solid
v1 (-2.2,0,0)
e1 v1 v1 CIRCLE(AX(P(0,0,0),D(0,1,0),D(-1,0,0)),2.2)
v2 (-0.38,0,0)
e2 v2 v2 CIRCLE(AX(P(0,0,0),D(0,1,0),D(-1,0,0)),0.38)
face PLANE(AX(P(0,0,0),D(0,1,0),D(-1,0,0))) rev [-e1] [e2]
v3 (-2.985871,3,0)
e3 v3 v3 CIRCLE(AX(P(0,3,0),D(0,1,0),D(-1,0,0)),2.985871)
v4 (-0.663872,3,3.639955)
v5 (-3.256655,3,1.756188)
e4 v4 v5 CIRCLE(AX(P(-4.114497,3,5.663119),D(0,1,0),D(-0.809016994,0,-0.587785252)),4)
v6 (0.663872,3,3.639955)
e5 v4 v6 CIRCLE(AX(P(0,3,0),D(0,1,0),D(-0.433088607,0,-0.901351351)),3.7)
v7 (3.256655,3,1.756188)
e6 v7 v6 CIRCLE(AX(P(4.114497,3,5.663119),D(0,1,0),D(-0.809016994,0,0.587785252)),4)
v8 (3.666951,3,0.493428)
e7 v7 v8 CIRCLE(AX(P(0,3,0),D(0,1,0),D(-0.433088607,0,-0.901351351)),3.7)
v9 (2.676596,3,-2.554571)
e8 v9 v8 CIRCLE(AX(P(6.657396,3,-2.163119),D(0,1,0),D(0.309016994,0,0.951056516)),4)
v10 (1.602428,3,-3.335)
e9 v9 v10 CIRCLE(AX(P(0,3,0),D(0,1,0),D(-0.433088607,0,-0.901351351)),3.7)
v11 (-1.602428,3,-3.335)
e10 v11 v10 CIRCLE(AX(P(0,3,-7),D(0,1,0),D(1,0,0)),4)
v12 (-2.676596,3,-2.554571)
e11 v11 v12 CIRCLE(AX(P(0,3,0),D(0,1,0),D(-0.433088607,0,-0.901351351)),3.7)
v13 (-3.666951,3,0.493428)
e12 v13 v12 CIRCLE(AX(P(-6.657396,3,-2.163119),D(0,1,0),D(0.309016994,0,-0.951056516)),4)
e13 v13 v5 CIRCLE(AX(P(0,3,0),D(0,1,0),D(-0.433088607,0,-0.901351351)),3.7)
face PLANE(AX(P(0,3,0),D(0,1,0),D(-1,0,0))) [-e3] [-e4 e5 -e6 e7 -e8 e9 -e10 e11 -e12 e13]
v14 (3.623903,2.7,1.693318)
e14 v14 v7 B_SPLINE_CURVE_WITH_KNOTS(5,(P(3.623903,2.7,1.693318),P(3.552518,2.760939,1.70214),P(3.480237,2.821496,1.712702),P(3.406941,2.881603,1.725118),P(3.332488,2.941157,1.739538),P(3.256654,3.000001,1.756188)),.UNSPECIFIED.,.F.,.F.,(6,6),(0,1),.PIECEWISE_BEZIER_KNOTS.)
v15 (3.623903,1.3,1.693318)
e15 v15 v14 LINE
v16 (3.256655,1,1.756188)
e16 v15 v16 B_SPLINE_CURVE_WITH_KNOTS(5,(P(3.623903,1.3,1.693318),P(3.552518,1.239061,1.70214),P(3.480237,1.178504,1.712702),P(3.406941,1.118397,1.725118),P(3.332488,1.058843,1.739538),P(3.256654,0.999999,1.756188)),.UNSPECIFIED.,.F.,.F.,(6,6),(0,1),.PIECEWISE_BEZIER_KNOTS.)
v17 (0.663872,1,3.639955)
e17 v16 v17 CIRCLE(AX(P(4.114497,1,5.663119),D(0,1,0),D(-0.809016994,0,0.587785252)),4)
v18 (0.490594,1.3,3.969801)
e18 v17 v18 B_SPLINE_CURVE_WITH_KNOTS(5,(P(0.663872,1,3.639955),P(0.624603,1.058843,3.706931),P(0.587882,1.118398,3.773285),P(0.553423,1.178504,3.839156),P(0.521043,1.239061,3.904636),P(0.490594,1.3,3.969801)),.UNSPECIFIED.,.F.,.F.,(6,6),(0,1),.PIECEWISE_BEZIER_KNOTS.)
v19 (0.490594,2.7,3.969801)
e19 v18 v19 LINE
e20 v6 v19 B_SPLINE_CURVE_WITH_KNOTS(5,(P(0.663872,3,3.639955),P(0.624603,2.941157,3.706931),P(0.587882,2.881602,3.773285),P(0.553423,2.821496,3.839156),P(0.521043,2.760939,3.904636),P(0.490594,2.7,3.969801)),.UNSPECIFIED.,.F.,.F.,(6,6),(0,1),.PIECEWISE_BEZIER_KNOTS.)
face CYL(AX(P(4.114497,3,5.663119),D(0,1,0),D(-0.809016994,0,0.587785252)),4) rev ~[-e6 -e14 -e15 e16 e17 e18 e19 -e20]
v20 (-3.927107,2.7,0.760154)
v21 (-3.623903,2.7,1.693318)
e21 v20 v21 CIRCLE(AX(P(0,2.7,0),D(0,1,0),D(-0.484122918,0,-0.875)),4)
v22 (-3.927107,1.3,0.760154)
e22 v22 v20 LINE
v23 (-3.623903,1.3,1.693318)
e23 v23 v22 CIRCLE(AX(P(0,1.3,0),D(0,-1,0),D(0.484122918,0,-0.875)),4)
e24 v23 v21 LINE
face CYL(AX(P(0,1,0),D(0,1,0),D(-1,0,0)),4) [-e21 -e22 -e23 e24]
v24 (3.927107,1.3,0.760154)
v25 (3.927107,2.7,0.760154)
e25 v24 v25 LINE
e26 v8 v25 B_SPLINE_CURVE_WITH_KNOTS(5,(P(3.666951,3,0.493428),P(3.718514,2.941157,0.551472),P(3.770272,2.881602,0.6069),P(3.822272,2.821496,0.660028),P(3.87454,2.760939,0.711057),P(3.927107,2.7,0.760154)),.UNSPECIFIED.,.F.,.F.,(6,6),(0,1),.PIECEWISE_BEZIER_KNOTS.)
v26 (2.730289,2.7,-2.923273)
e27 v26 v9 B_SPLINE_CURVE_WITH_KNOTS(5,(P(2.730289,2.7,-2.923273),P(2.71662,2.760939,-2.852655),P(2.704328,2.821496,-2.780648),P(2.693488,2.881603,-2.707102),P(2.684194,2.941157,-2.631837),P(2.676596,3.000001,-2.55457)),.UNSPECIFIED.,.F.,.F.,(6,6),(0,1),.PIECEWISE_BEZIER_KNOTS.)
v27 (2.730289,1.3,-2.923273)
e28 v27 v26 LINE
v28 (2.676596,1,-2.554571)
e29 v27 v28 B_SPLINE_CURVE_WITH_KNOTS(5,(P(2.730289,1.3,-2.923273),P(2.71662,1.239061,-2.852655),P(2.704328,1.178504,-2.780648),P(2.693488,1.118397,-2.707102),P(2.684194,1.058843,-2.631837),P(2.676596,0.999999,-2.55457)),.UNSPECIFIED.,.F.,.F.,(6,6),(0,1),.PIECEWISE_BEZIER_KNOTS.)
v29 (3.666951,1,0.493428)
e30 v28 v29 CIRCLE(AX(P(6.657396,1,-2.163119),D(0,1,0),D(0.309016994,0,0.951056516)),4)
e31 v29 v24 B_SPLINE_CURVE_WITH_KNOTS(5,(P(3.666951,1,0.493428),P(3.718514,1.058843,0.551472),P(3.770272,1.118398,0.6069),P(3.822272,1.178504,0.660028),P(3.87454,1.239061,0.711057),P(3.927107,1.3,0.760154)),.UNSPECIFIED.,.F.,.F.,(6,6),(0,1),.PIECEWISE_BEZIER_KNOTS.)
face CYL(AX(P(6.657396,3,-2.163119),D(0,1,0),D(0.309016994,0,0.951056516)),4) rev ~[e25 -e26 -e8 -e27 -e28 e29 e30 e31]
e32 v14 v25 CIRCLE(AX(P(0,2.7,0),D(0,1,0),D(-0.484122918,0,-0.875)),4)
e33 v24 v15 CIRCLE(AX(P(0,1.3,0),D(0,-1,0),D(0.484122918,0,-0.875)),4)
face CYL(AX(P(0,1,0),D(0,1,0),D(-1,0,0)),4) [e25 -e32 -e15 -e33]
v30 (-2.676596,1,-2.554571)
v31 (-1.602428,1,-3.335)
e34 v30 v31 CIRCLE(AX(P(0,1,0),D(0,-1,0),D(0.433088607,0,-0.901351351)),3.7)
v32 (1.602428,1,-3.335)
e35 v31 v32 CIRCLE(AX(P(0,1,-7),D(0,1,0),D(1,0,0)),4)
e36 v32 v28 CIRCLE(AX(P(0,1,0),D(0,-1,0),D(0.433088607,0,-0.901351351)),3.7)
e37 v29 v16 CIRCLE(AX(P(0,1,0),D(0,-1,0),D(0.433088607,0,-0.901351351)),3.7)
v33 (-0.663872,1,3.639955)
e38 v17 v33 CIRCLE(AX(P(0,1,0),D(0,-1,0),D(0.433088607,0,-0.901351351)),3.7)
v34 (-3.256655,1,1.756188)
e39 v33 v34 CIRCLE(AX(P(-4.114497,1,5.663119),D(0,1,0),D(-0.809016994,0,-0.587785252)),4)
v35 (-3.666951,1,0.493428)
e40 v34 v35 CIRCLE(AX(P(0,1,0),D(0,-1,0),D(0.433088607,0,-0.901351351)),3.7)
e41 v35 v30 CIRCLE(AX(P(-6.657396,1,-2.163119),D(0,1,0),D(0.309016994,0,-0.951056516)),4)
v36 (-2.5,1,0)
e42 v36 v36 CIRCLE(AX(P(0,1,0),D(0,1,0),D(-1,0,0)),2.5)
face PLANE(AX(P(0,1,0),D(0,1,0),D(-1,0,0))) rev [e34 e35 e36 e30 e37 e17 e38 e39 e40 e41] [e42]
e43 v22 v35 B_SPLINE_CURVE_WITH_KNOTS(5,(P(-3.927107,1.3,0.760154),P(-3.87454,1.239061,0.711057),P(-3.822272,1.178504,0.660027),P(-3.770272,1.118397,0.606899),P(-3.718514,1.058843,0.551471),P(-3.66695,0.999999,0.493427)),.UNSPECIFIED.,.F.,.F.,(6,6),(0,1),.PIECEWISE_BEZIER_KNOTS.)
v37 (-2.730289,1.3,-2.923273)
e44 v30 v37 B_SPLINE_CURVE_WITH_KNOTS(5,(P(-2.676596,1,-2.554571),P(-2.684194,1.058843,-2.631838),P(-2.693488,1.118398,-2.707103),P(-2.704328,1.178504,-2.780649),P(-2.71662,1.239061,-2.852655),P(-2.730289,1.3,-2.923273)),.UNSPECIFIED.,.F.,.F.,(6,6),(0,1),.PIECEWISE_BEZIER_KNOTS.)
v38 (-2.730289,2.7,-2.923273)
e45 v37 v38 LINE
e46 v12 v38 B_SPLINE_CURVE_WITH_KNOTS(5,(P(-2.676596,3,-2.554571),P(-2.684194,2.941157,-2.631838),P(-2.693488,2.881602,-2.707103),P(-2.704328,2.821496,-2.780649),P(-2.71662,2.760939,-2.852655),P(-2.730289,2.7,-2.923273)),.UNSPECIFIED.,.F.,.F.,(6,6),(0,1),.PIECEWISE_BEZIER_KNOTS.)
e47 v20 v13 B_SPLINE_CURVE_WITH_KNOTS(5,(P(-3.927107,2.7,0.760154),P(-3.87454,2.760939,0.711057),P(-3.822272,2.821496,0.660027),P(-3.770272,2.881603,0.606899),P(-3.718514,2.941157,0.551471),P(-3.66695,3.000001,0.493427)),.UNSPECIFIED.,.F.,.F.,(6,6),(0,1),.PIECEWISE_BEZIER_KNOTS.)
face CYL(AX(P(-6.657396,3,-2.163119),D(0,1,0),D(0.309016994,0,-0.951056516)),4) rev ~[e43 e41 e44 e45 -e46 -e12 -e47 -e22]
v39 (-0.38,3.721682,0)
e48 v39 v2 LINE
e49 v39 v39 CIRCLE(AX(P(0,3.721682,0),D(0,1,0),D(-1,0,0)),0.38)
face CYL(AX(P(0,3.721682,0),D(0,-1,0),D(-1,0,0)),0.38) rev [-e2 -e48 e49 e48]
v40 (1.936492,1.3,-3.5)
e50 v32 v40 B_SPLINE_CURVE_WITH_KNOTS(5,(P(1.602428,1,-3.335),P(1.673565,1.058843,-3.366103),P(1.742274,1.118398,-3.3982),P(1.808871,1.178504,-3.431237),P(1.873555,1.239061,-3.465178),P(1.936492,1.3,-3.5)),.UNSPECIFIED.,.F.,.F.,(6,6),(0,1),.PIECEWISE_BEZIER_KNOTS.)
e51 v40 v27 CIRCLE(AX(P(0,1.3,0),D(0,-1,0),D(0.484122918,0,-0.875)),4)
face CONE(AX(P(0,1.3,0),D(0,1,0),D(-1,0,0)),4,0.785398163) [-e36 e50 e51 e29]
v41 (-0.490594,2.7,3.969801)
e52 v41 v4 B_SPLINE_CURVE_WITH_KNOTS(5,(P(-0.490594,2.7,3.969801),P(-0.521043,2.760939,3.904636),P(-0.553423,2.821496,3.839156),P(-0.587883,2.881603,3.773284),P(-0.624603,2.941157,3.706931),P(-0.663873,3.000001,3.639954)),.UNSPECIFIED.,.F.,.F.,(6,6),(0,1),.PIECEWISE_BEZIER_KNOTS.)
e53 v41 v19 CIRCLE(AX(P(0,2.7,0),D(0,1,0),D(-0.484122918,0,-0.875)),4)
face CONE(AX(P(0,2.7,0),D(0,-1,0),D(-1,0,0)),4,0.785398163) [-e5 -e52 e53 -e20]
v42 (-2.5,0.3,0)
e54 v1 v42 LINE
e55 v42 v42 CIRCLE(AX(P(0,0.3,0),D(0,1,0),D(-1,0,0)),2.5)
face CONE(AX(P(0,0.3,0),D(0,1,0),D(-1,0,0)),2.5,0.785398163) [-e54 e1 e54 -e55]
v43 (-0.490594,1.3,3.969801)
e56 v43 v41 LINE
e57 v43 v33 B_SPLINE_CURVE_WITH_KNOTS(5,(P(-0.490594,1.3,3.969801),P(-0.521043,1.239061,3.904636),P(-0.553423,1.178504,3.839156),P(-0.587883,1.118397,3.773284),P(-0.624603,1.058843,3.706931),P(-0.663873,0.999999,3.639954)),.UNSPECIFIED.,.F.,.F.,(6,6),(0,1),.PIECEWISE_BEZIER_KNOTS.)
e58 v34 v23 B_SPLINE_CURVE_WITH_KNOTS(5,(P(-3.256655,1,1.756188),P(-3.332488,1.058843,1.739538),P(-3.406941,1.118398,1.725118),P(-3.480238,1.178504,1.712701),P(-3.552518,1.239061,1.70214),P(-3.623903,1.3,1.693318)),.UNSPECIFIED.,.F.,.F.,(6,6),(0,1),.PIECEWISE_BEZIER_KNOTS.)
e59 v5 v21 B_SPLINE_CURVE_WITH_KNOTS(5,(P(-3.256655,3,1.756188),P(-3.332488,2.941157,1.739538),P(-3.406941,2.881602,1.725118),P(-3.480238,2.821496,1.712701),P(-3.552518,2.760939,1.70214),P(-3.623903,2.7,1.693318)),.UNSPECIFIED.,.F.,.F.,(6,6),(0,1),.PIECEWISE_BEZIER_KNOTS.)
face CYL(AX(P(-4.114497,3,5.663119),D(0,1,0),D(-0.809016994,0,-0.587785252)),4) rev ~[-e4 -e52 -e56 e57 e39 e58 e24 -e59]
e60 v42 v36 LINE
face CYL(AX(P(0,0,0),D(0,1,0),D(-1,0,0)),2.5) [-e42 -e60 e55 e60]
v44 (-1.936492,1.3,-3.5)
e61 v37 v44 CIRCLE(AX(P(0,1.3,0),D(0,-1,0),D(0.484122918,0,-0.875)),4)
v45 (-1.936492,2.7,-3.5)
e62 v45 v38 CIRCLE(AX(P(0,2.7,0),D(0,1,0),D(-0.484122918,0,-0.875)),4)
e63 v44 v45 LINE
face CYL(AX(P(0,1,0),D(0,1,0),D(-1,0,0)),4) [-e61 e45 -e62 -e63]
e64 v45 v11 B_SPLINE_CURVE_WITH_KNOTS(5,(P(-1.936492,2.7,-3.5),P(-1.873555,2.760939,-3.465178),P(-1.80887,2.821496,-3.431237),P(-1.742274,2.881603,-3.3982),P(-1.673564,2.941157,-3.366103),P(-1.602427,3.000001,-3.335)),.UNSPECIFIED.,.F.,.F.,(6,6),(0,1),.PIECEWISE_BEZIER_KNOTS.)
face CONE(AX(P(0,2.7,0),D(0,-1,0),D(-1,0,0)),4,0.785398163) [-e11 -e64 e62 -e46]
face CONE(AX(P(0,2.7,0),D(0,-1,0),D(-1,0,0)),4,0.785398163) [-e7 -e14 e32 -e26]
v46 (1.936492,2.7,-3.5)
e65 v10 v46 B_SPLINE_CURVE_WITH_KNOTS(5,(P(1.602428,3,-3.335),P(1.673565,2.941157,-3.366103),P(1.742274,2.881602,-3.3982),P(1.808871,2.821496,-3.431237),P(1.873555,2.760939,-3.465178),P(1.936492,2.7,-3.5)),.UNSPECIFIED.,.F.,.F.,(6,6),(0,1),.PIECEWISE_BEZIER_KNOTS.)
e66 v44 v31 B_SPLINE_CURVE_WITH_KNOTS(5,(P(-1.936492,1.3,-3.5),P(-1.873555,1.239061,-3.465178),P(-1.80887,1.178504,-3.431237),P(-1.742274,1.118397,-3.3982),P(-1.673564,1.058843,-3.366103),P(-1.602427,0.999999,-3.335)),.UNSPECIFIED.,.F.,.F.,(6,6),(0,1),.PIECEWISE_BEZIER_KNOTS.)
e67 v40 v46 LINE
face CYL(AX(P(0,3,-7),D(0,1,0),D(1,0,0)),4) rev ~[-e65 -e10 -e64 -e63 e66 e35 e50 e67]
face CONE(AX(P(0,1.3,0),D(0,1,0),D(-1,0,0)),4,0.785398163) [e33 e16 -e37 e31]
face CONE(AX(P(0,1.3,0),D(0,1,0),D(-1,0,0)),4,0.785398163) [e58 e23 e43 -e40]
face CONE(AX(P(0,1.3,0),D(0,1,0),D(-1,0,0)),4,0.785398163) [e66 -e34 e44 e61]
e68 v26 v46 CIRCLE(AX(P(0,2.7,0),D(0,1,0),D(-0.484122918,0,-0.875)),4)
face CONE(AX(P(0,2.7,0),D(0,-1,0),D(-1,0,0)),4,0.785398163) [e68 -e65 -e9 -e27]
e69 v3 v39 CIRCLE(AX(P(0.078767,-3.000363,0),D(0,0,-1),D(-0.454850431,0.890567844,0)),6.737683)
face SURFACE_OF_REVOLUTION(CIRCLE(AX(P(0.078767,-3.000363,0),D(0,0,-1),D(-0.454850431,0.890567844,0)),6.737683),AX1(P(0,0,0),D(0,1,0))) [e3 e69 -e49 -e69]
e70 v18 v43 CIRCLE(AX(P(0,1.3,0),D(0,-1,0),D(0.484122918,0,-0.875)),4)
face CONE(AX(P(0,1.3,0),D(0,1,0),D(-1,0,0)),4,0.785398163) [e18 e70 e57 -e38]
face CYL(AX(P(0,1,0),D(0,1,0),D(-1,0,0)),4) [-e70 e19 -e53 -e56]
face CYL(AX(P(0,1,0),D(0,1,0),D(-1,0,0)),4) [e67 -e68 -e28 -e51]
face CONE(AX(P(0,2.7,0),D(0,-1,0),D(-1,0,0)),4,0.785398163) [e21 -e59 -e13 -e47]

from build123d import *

# Parameters (mm, degrees)
CHANFREIN1_SIZE              = 0.3
ESQUISSE2_R                  = 4
ENL_V_MAT_EXTRU_1_DEPTH      = 2
R_P_TITION_CIRCULAIRE1_COUNT = 5


with BuildPart() as part:
    # Esquisse1 → Révolution1 (revolve)
    with BuildSketch(Plane.XY):
        with BuildLine():
            Line((-0.38, 0), (-2.5, 0))
            Line((-2.5, 0), (-2.5, 1))
            Line((-2.5, 1), (-4, 1))
            Line((-4, 1), (-4, 3))
            Line((-4, 3), (-2.985871259, 3))
            ThreePointArc((-2.985871259, 3), (-1.71951066, 3.492907341), (-0.38, 3.721682356))
            Line((-0.38, 3.721682356), (-0.38, 3))
            Line((-0.38, 3), (-0.38, 0))
        make_face()
    revolve(axis=Axis((0, 0, 0), (0, 1, 0)))

    # Chanfrein1
    chanfrein1_edges = [part.edges().sort_by_distance(p)[0] for p in [
        (2.5, 0, 0),
        (4, 3, 0),
        (4, 1, 0),
    ]]
    chamfer(chanfrein1_edges, length=CHANFREIN1_SIZE)

    # Esquisse2 → Enlèv. mat.-Extru.1 (cut)
    with BuildSketch(Plane(origin=(0, 3, 0), x_dir=(1, 0, 0), z_dir=(0, 1, 0))):
        with Locations((0, 7)):
            Circle(ESQUISSE2_R)
    enl_v_mat_extru_1 = extrude(amount=-ENL_V_MAT_EXTRU_1_DEPTH, mode=Mode.SUBTRACT)

    # Répétition circulaire1: Enlèv. mat.-Extru.1 ×5 about axis
    r_p_tition_circulaire1_axis = Axis((0, 0, 0), (0, 1, 0))
    for i in range(1, R_P_TITION_CIRCULAIRE1_COUNT):
        add(enl_v_mat_extru_1.rotate(r_p_tition_circulaire1_axis, i * 360 / R_P_TITION_CIRCULAIRE1_COUNT), mode=Mode.SUBTRACT)


solid = part.part
